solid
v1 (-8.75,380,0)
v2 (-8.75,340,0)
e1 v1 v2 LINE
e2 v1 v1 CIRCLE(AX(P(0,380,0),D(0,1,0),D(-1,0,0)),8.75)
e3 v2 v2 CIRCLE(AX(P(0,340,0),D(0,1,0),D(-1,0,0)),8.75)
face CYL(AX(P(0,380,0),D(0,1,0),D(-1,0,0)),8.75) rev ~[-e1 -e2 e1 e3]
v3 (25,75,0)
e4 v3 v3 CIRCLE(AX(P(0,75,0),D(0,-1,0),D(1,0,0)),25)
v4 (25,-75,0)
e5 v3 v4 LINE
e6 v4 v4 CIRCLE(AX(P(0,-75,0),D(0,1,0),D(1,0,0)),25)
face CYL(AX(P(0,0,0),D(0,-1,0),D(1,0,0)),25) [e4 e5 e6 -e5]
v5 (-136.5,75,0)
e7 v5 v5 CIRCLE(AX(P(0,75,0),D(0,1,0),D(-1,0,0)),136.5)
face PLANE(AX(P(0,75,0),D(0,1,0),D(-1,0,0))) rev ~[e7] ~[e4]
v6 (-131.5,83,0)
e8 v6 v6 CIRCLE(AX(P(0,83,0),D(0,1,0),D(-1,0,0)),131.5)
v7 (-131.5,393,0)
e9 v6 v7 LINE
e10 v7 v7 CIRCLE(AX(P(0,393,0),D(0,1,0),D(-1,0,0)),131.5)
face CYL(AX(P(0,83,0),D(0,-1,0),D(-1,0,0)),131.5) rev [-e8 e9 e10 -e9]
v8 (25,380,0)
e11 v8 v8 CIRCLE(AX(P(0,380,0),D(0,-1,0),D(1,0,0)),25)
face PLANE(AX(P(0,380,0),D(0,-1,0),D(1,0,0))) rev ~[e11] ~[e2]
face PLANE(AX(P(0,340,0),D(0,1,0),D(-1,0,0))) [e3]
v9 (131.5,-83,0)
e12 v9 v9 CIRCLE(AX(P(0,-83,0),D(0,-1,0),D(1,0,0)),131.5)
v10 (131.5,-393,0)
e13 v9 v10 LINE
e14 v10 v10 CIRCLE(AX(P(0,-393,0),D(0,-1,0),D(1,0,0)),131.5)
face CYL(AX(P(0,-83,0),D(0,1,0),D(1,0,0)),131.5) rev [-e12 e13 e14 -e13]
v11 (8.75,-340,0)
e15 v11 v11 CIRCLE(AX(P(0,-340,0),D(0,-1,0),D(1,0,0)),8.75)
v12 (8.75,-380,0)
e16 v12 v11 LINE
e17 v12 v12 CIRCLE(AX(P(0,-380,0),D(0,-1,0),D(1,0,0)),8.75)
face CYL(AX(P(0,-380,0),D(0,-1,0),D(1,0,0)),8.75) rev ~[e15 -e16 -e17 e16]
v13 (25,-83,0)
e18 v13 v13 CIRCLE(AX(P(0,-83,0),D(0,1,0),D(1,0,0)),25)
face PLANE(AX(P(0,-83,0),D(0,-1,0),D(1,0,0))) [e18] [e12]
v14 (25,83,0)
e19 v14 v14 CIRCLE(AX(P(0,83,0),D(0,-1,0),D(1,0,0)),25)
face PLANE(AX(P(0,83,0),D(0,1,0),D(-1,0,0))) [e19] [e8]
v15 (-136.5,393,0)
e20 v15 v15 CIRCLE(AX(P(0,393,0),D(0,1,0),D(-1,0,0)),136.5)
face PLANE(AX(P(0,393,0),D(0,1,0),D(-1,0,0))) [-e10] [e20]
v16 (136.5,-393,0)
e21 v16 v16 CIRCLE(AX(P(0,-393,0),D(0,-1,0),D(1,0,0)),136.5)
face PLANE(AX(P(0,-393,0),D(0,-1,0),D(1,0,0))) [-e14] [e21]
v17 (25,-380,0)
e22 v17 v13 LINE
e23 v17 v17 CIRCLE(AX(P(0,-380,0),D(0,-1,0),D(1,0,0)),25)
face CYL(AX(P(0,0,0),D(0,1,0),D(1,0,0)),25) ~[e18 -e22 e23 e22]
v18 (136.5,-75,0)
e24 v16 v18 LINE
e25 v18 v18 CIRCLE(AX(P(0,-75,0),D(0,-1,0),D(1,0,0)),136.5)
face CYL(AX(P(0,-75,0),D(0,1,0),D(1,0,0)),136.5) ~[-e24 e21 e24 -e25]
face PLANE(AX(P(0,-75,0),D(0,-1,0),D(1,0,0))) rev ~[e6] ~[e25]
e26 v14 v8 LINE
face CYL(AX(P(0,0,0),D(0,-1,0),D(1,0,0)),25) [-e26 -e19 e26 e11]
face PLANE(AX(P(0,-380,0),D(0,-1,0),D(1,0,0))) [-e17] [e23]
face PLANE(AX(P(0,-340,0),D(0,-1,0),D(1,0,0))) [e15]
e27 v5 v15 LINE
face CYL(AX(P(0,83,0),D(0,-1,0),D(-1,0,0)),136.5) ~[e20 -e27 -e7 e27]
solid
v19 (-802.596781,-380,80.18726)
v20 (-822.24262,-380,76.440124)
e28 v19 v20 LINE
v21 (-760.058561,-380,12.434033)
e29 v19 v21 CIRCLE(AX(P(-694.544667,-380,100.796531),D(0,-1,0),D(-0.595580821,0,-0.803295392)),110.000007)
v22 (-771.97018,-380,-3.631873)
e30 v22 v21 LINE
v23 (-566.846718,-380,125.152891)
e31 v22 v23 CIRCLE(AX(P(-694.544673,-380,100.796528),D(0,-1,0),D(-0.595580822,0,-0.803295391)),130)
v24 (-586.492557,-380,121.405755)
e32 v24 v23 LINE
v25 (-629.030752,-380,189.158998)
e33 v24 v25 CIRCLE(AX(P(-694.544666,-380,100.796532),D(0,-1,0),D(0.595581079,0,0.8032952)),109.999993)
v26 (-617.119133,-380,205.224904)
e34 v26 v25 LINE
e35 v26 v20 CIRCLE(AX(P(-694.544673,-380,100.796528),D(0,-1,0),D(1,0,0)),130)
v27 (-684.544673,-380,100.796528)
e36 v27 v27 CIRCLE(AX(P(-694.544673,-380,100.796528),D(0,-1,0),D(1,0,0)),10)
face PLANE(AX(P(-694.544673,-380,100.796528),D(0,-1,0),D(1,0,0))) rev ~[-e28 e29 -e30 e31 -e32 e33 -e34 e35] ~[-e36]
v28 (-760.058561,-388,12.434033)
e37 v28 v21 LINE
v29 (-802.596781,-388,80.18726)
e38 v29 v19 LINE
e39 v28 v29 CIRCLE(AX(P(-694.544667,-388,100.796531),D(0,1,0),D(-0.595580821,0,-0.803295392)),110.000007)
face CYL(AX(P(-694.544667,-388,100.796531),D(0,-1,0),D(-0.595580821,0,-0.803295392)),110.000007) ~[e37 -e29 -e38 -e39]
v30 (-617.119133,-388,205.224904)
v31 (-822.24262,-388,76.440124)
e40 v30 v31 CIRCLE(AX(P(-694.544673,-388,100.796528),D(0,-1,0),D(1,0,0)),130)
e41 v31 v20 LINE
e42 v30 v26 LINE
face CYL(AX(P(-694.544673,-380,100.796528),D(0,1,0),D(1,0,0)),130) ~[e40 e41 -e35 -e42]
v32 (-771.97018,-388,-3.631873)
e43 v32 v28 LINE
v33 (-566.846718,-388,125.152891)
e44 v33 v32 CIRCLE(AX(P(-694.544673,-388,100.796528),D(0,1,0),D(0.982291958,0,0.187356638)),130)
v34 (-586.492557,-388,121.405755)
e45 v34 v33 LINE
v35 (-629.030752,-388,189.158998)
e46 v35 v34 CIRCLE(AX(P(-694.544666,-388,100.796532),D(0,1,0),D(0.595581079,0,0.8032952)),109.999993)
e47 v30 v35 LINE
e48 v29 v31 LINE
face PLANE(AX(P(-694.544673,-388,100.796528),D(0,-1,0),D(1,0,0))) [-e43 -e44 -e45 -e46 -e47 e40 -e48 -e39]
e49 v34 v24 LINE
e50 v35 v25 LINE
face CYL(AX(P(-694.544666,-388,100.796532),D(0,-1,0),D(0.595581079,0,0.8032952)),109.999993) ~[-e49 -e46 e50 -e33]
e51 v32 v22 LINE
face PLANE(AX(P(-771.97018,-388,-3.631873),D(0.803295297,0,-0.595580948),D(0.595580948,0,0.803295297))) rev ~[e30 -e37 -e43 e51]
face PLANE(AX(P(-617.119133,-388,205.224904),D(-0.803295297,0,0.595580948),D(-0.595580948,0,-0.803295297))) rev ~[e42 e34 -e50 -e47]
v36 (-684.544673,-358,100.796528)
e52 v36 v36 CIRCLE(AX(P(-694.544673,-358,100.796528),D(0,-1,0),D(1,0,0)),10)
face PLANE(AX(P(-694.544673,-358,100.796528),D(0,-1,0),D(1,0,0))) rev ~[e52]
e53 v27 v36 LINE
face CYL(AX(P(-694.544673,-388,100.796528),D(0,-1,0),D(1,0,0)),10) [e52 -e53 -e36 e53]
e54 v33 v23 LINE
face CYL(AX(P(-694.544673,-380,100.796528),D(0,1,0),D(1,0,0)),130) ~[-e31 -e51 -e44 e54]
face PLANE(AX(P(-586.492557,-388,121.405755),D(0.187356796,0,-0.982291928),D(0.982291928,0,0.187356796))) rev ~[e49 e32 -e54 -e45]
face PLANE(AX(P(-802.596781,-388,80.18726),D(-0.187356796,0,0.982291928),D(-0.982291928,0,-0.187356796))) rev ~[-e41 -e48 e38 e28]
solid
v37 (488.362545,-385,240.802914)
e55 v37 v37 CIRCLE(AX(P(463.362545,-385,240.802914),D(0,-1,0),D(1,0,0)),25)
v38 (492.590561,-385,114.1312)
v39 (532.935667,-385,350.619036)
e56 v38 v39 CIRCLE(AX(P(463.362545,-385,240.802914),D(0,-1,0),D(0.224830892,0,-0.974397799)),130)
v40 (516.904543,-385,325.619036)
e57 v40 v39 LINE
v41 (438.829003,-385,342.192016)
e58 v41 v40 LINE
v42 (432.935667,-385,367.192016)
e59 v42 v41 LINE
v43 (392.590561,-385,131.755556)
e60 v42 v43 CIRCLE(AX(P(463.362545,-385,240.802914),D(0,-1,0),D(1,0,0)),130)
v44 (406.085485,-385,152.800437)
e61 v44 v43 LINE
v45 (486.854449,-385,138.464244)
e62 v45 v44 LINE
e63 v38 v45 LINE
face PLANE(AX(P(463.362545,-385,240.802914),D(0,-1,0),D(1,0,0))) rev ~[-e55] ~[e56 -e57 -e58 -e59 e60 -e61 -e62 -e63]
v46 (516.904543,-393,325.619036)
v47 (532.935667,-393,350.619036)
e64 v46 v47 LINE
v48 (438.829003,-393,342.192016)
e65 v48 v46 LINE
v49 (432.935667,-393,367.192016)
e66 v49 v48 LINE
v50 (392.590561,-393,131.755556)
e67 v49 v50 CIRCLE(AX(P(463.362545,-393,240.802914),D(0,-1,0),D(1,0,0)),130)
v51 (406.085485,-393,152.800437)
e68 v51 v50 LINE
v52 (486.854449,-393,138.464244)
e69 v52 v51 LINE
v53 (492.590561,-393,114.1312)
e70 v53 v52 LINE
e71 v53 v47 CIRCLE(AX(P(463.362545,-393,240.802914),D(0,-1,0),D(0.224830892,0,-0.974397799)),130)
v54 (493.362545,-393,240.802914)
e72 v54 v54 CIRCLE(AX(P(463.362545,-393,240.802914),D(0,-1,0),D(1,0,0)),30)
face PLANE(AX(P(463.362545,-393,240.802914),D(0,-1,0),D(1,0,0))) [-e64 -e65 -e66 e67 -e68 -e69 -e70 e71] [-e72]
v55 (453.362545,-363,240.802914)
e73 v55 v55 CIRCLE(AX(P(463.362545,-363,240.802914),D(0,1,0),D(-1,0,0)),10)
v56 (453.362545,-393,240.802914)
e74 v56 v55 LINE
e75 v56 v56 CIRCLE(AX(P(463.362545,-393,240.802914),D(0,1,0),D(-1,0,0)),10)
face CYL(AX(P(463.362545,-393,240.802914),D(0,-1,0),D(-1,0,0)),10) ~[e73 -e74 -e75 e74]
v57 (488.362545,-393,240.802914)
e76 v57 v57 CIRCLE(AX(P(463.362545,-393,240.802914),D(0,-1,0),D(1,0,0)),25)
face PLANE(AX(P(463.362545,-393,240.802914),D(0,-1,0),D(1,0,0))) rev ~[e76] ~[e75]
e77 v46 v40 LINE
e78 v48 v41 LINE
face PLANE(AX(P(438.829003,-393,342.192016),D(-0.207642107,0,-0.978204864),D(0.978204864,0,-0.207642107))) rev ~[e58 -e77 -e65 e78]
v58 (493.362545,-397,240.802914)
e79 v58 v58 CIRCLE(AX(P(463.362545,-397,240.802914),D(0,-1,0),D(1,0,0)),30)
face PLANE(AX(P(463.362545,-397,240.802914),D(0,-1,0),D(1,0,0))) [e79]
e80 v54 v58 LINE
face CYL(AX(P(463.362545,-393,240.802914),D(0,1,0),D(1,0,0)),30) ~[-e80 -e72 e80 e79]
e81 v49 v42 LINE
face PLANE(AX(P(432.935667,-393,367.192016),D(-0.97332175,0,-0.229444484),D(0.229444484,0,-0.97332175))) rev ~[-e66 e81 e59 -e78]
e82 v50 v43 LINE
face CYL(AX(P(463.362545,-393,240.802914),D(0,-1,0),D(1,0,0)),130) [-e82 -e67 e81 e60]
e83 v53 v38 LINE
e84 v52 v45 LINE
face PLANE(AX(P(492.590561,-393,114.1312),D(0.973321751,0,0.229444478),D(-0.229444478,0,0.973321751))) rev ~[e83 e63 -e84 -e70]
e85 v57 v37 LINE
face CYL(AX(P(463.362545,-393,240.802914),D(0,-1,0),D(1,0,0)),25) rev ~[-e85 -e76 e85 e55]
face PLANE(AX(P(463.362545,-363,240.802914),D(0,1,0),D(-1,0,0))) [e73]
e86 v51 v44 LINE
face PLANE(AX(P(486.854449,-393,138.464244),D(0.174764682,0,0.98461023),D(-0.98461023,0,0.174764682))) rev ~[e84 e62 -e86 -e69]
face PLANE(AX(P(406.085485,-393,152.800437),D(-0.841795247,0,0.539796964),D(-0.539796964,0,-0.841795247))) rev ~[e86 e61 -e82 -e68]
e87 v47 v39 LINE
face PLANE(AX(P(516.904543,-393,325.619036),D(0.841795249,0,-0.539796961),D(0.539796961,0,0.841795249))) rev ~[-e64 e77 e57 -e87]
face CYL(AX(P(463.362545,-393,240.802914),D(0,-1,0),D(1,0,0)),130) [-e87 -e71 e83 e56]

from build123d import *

# Parameters (mm, degrees)
F0_R      = 25
F1_DEPTH  = 75
F2_R      = 136.5
F3_DEPTH  = 8
F4_R      = 136.5
F4_R_2    = 131.5
F5_DEPTH  = 310
F6_DEPTH  = 380
F7_DEPTH  = 75
F8_R      = 136.5
F9_DEPTH  = 8
F10_R     = 136.5
F10_R_2   = 131.5
F11_DEPTH = 310
F12_DEPTH = 380
F13_R     = 8.75
F14_DEPTH = 40
F15_R     = 8.75
F16_DEPTH = 40
F17_R     = 130
F17_R_2   = 10
F18_DEPTH = 8
F20_DEPTH = 25
F21_R     = 10
F22_DEPTH = 30
F23_R     = 130
F23_R_2   = 25
F24_DEPTH = 8
F25_R     = 30
F26_DEPTH = 4
F27_R     = 10
F28_DEPTH = 30
F30_DEPTH = 25


with BuildPart() as f1:
    # F0 (on Front) → F1 (new body)
    with BuildSketch(Plane.XZ):
        Circle(F0_R)
    extrude(amount=F1_DEPTH)

    # F0 (on Front) → F6 (join)
    with BuildSketch(Plane.XZ):
        Circle(F0_R)
    extrude(amount=F6_DEPTH)



with BuildPart() as f3:
    # F2 (on face) → F3 (new body)
    with BuildSketch(Plane(origin=(0, 75, 0), x_dir=(-1, 0, 0), z_dir=(0, 1, 0))):
        Circle(F2_R)
    extrude(amount=F3_DEPTH)


with BuildPart() as f5:
    # F4 (on face) → F5 (new body)
    with BuildSketch(Plane.XZ.offset(83)):
        Circle(F4_R)
        Circle(F4_R_2, mode=Mode.SUBTRACT)
    extrude(amount=F5_DEPTH)


with BuildPart() as f1_1:
    add(f1.part)

    add(f3.part)  # F7 merges F3
    # F0 (on Front) → F7 (join)
    with BuildSketch(Plane.XZ):
        Circle(F0_R)
    extrude(amount=-F7_DEPTH)


    add(f5.part)  # F9 merges F5
    # F8 (on face) → F9 (join)
    with BuildSketch(Plane.XZ.offset(75)):
        Circle(F8_R)
    extrude(amount=F9_DEPTH)

    # F10 (on face) → F11 (join)
    with BuildSketch(Plane(origin=(0, 83, 0), x_dir=(-1, 0, 0), z_dir=(0, 1, 0))):
        Circle(F10_R)
        Circle(F10_R_2, mode=Mode.SUBTRACT)
    extrude(amount=F11_DEPTH)

    # F0 (on Front) → F12 (join)
    with BuildSketch(Plane.XZ):
        Circle(F0_R)
    extrude(amount=-F12_DEPTH)

    # F13 (on face) → F14 (cut)
    with BuildSketch(Plane.XZ.offset(380)):
        Circle(F13_R)
    extrude(amount=-F14_DEPTH, mode=Mode.SUBTRACT)

    # F15 (on face) → F16 (cut)
    with BuildSketch(Plane(origin=(0, 380, 0), x_dir=(-1, 0, 0), z_dir=(0, 1, 0))):
        Circle(F15_R)
    extrude(amount=-F16_DEPTH, mode=Mode.SUBTRACT)


with BuildPart() as f18:
    # F17 (on face) → F18 (new body)
    with BuildSketch(Plane.XZ.offset(380)):
        with Locations((-694.544673, 100.796528)):
            Circle(F17_R)
        with Locations((-694.544673, 100.796528)):
            Circle(F17_R_2, mode=Mode.SUBTRACT)
    extrude(amount=F18_DEPTH)

    # F19 (on face) → F20 (cut)
    with BuildSketch(Plane.XZ.offset(388)):
        with BuildLine():
            Line((-617.119133, 205.224904), (-629.030752, 189.158998))
            ThreePointArc((-629.030752, 189.158998), (-601.383963, 159.286546), (-586.492557, 121.405755))
            Line((-586.492557, 121.405755), (-566.846718, 125.152891))
            ThreePointArc((-566.846718, 125.152891), (-584.445654, 169.921098), (-617.119133, 205.224904))
        make_face()
        with BuildLine():
            ThreePointArc((-760.058561, 12.434033), (-787.70536, 42.306475), (-802.596781, 80.18726))
            Line((-802.596781, 80.18726), (-822.24262, 76.440124))
            ThreePointArc((-822.24262, 76.440124), (-804.643669, 31.671923), (-771.97018, -3.631873))
            Line((-771.97018, -3.631873), (-760.058561, 12.434033))
        make_face()
    extrude(amount=-F20_DEPTH, mode=Mode.SUBTRACT)

    # F21 (on face) → F22 (join)
    with BuildSketch(Plane.XZ.offset(388)):
        with Locations((-694.544673, 100.796528)):
            Circle(F21_R)
    extrude(amount=-F22_DEPTH)


with BuildPart() as f24:
    # F23 (on face) → F24 (new body)
    with BuildSketch(Plane.XZ.offset(393)):
        with Locations((463.362545, 240.802914)):
            Circle(F23_R)
        with Locations((463.362545, 240.802914)):
            Circle(F23_R_2, mode=Mode.SUBTRACT)
    extrude(amount=-F24_DEPTH)

    # F25 (on face) → F26 (join)
    with BuildSketch(Plane.XZ.offset(393)):
        with Locations((463.362545, 240.802914)):
            Circle(F25_R)
    extrude(amount=F26_DEPTH)

    # F27 (on face) → F28 (join)
    with BuildSketch(Plane(origin=(0, -393, 0), x_dir=(-1, 0, 0), z_dir=(0, 1, 0))):
        with Locations((-463.362545, 240.802914)):
            Circle(F27_R)
    extrude(amount=F28_DEPTH)

    # F29 (on face) → F30 (cut)
    with BuildSketch(Plane.XZ.offset(393)):
        with BuildLine():
            Line((406.085485, 152.800437), (392.590561, 131.755556))
            ThreePointArc((392.590561, 131.755556), (440.79864, 112.77608), (492.590561, 114.1312))
            Line((492.590561, 114.1312), (486.854449, 138.464244))
            Line((486.854449, 138.464244), (406.085485, 152.800437))
        make_face()
        with BuildLine():
            ThreePointArc((532.935667, 350.619036), (484.617498, 369.053555), (432.935667, 367.192016))
            Line((432.935667, 367.192016), (438.829003, 342.192016))
            Line((438.829003, 342.192016), (516.904543, 325.619036))
            Line((516.904543, 325.619036), (532.935667, 350.619036))
        make_face()
    extrude(amount=-F30_DEPTH, mode=Mode.SUBTRACT)


solid = Compound([f1_1.part, f18.part, f24.part])
